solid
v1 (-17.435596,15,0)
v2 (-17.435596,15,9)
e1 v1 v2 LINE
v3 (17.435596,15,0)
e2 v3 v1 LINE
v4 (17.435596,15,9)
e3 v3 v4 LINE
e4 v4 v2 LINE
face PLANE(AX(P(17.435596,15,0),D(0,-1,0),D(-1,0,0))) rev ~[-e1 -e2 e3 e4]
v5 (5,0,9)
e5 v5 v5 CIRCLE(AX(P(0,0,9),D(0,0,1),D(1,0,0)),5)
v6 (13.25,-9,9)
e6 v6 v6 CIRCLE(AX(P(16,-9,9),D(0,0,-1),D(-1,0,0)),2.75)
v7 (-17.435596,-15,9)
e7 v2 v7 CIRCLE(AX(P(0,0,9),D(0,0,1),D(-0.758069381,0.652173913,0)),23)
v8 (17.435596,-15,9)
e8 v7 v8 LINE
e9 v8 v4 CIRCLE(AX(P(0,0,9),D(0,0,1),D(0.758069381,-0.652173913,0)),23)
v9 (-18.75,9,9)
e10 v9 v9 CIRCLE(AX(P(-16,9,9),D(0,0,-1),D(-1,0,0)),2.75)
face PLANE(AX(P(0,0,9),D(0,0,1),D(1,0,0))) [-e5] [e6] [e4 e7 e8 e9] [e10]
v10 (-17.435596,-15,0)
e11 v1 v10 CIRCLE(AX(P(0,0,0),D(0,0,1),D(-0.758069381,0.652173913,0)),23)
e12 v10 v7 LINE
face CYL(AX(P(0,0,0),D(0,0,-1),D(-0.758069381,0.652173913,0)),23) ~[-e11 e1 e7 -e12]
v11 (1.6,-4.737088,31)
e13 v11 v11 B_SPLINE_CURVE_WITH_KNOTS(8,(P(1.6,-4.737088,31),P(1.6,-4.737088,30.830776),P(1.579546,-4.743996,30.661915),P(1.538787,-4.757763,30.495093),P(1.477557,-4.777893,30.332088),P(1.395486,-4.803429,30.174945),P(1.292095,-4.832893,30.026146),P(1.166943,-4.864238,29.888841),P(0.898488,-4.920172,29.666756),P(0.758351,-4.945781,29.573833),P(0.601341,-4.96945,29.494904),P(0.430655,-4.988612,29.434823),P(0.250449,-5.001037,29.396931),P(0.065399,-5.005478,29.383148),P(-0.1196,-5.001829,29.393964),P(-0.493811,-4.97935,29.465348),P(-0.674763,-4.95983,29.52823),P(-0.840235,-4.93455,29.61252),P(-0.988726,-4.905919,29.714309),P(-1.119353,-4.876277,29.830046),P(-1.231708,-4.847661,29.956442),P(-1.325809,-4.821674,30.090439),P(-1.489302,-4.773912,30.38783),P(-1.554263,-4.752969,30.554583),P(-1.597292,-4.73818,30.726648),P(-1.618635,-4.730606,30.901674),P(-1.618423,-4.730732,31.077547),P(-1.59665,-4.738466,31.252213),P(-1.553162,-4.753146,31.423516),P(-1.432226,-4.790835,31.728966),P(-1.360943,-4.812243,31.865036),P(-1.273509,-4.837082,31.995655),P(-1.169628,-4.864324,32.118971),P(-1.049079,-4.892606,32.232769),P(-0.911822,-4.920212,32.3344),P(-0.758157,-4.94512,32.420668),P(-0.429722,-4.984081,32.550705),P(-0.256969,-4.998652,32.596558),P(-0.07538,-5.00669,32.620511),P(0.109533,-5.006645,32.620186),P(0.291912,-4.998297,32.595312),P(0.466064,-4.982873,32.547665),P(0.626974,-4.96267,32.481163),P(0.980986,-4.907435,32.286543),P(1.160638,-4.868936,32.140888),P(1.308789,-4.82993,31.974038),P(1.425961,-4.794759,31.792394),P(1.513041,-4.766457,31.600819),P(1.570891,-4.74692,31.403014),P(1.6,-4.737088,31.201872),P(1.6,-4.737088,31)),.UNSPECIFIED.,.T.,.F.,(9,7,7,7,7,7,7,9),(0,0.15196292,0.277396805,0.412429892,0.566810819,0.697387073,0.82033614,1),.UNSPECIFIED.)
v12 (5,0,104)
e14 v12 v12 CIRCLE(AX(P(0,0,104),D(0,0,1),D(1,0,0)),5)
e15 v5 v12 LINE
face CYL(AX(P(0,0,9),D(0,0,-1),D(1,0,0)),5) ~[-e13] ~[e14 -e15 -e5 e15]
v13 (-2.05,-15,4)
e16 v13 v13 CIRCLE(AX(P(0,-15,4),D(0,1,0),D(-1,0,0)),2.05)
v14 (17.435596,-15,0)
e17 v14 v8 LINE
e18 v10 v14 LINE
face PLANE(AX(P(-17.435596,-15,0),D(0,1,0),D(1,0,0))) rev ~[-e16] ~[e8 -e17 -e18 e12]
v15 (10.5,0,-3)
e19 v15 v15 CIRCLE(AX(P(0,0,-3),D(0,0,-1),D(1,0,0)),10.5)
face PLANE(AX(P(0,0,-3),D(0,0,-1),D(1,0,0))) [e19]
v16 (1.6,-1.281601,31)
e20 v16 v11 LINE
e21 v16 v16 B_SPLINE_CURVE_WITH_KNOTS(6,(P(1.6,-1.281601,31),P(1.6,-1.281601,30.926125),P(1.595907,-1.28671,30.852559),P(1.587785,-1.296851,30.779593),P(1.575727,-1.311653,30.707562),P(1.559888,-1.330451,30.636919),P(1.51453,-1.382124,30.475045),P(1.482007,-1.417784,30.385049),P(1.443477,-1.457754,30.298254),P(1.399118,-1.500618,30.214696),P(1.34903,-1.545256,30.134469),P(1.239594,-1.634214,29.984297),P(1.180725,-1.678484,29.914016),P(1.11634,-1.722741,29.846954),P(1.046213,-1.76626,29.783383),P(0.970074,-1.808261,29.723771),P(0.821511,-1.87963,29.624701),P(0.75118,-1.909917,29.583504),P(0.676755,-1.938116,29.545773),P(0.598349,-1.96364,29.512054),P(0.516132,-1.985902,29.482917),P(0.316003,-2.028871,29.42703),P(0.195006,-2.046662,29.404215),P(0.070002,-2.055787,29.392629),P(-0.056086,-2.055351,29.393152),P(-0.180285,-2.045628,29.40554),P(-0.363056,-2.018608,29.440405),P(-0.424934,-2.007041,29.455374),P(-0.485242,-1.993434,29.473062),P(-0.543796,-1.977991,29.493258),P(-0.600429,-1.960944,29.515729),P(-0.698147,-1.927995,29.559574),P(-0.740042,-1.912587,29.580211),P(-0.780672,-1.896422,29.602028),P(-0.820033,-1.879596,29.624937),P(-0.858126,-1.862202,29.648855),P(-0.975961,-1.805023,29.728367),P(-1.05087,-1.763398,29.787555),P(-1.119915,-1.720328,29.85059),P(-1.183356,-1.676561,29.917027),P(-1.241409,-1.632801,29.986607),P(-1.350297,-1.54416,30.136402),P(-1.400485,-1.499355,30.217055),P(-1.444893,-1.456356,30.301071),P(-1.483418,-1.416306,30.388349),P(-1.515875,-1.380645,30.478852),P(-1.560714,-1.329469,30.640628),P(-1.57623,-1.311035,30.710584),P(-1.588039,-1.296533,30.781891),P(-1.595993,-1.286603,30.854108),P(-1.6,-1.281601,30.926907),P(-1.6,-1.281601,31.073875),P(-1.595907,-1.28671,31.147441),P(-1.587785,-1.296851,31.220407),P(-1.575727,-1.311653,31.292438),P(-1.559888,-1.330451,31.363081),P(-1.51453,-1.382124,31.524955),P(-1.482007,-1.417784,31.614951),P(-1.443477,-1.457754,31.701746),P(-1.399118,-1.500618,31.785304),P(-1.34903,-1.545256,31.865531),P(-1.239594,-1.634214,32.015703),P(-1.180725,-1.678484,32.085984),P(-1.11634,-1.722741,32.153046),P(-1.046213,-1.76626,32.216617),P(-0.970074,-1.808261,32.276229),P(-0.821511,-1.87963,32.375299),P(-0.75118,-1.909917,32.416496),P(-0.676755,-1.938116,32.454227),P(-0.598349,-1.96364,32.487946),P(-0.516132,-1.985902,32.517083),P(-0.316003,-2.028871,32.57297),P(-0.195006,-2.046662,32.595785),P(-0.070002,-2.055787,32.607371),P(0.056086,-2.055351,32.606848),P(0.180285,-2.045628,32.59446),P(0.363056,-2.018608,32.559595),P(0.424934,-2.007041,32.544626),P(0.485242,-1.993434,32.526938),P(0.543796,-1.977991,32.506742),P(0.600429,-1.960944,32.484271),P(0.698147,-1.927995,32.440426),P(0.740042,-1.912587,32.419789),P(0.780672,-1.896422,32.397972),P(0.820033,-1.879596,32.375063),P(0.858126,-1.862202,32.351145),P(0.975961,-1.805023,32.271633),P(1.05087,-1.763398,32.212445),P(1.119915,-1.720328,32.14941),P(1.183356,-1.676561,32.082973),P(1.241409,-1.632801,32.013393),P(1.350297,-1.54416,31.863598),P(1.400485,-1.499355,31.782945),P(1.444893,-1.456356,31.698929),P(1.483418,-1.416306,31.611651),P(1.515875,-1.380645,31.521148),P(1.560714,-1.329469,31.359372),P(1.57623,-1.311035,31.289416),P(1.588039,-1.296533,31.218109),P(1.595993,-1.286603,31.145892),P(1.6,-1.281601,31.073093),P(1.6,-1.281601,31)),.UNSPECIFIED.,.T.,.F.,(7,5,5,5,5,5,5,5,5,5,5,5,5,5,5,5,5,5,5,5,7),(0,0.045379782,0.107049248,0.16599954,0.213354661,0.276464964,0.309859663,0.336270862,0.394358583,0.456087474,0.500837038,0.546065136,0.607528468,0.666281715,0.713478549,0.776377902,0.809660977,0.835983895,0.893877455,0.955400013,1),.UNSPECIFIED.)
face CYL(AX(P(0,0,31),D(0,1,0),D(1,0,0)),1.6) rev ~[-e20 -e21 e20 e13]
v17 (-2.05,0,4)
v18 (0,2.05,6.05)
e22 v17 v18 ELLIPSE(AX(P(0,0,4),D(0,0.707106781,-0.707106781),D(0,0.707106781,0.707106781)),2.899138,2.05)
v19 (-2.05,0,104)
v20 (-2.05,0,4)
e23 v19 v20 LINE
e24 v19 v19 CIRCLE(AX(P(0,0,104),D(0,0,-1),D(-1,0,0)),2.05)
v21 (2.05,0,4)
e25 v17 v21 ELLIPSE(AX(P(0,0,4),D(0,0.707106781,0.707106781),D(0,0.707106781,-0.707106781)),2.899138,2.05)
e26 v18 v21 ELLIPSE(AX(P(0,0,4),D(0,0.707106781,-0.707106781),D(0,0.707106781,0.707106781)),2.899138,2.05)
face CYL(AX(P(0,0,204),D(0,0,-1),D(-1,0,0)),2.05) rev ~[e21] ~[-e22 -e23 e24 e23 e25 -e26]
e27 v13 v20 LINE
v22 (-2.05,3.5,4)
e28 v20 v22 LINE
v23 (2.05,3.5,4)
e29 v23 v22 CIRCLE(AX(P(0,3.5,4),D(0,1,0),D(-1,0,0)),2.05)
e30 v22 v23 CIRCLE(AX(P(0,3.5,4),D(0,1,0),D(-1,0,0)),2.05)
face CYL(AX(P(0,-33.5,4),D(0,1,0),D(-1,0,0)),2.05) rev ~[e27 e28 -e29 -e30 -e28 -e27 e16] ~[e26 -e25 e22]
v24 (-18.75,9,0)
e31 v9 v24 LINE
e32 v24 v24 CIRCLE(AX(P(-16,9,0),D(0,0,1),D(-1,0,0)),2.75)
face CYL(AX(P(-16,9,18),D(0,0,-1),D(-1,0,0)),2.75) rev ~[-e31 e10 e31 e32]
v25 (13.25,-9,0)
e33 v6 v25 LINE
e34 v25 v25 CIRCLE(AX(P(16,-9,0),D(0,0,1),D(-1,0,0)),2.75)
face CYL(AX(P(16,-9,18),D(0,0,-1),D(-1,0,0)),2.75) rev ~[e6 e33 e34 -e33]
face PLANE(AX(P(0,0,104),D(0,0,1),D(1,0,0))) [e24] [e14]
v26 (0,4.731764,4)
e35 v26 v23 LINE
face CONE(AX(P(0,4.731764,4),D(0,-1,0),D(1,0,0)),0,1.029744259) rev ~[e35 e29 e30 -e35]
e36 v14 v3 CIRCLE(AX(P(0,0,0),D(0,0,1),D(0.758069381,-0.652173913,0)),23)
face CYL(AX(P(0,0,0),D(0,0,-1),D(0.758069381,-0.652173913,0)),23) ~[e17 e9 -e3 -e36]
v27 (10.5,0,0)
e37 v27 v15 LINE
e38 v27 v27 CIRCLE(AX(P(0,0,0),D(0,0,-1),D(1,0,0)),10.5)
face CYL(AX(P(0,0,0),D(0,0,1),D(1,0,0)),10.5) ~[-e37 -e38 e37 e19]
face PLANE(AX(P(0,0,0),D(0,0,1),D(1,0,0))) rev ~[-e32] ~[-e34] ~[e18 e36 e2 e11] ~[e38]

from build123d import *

# Parameters (mm, degrees)
F1_DEPTH  = 9
F2_R      = 10.5
F3_DEPTH  = 3
F4_R      = 5
F5_DEPTH  = 95
F7_D      = 3.2
F7_DEPTH  = 5
F7_TIP    = 0.9613769904
F9_D      = 4.1
F9_DEPTH  = 18.5
F9_TIP    = 1.231764269
F11_D     = 4.1
F11_DEPTH = 100
F11_TIP   = 1.231764269
F13_D     = 5.5
F13_DEPTH = 9
F13_TIP   = 1.6523667023


with BuildPart() as f1:
    # F0 (on Top) → F1 (new body)
    with BuildSketch(Plane.XY):
        with BuildLine():
            Line((-17.435, 15), (-17.4355957742, 15))
            ThreePointArc((-17.4355957742, 15), (-23, 0), (-17.4355957742, -15))
            Line((-17.4355957742, -15), (-17.435, -15))
            Line((-17.435, -15), (17.435, -15))
            Line((17.435, -15), (17.4355957742, -15))
            ThreePointArc((17.4355957742, -15), (23, 0), (17.4355957742, 15))
            Line((17.4355957742, 15), (17.435, 15))
            Line((17.435, 15), (-17.435, 15))
        make_face()
    extrude(amount=F1_DEPTH)

    # F2 (on face) → F3 (join)
    with BuildSketch(Plane(origin=(0, 0, 0), x_dir=(1, 0, 0), z_dir=(0, 0, -1))):
        Circle(F2_R)
    extrude(amount=F3_DEPTH)

    # F4 (on face) → F5 (join)
    with BuildSketch(Plane.XY.offset(9)):
        Circle(F4_R)
    extrude(amount=F5_DEPTH)

    # F7 (one way)
    with BuildSketch(Plane(origin=(0, 0, 0), x_dir=(1, 0, 0), z_dir=(0, 1, 0))):
        with Locations((0, -31)):
            Circle(F7_D / 2)
    extrude(amount=-F7_DEPTH, mode=Mode.SUBTRACT)
    with Locations(Plane(origin=(0, 0, 0), x_dir=(1, 0, 0), z_dir=(0, 1, 0))):
        with Locations((0, -31)):
            with Locations((0, 0, -(F7_DEPTH + F7_TIP / 2))):  # 118° drill point
                Cone(0, F7_D / 2, F7_TIP, mode=Mode.SUBTRACT)

    # F9
    with Locations(Plane.XZ.offset(15)):
        with Locations((0, 4)):
            Hole(F9_D / 2, depth=F9_DEPTH)
            with Locations((0, 0, -(F9_DEPTH + F9_TIP / 2))):  # 118° drill point
                Cone(0, F9_D / 2, F9_TIP, mode=Mode.SUBTRACT)

    # F11
    with Locations(Plane.XY.offset(104)):
        with Locations((0, 0)):
            Hole(F11_D / 2, depth=F11_DEPTH)
            with Locations((0, 0, -(F11_DEPTH + F11_TIP / 2))):  # 118° drill point
                Cone(0, F11_D / 2, F11_TIP, mode=Mode.SUBTRACT)

    # F13
    with Locations(Plane.XY.offset(9)):
        with Locations((-16, 9), (16, -9)):
            Hole(F13_D / 2, depth=F13_DEPTH)
            with Locations((0, 0, -(F13_DEPTH + F13_TIP / 2))):  # 118° drill point
                Cone(0, F13_D / 2, F13_TIP, mode=Mode.SUBTRACT)


solid = f1.part
